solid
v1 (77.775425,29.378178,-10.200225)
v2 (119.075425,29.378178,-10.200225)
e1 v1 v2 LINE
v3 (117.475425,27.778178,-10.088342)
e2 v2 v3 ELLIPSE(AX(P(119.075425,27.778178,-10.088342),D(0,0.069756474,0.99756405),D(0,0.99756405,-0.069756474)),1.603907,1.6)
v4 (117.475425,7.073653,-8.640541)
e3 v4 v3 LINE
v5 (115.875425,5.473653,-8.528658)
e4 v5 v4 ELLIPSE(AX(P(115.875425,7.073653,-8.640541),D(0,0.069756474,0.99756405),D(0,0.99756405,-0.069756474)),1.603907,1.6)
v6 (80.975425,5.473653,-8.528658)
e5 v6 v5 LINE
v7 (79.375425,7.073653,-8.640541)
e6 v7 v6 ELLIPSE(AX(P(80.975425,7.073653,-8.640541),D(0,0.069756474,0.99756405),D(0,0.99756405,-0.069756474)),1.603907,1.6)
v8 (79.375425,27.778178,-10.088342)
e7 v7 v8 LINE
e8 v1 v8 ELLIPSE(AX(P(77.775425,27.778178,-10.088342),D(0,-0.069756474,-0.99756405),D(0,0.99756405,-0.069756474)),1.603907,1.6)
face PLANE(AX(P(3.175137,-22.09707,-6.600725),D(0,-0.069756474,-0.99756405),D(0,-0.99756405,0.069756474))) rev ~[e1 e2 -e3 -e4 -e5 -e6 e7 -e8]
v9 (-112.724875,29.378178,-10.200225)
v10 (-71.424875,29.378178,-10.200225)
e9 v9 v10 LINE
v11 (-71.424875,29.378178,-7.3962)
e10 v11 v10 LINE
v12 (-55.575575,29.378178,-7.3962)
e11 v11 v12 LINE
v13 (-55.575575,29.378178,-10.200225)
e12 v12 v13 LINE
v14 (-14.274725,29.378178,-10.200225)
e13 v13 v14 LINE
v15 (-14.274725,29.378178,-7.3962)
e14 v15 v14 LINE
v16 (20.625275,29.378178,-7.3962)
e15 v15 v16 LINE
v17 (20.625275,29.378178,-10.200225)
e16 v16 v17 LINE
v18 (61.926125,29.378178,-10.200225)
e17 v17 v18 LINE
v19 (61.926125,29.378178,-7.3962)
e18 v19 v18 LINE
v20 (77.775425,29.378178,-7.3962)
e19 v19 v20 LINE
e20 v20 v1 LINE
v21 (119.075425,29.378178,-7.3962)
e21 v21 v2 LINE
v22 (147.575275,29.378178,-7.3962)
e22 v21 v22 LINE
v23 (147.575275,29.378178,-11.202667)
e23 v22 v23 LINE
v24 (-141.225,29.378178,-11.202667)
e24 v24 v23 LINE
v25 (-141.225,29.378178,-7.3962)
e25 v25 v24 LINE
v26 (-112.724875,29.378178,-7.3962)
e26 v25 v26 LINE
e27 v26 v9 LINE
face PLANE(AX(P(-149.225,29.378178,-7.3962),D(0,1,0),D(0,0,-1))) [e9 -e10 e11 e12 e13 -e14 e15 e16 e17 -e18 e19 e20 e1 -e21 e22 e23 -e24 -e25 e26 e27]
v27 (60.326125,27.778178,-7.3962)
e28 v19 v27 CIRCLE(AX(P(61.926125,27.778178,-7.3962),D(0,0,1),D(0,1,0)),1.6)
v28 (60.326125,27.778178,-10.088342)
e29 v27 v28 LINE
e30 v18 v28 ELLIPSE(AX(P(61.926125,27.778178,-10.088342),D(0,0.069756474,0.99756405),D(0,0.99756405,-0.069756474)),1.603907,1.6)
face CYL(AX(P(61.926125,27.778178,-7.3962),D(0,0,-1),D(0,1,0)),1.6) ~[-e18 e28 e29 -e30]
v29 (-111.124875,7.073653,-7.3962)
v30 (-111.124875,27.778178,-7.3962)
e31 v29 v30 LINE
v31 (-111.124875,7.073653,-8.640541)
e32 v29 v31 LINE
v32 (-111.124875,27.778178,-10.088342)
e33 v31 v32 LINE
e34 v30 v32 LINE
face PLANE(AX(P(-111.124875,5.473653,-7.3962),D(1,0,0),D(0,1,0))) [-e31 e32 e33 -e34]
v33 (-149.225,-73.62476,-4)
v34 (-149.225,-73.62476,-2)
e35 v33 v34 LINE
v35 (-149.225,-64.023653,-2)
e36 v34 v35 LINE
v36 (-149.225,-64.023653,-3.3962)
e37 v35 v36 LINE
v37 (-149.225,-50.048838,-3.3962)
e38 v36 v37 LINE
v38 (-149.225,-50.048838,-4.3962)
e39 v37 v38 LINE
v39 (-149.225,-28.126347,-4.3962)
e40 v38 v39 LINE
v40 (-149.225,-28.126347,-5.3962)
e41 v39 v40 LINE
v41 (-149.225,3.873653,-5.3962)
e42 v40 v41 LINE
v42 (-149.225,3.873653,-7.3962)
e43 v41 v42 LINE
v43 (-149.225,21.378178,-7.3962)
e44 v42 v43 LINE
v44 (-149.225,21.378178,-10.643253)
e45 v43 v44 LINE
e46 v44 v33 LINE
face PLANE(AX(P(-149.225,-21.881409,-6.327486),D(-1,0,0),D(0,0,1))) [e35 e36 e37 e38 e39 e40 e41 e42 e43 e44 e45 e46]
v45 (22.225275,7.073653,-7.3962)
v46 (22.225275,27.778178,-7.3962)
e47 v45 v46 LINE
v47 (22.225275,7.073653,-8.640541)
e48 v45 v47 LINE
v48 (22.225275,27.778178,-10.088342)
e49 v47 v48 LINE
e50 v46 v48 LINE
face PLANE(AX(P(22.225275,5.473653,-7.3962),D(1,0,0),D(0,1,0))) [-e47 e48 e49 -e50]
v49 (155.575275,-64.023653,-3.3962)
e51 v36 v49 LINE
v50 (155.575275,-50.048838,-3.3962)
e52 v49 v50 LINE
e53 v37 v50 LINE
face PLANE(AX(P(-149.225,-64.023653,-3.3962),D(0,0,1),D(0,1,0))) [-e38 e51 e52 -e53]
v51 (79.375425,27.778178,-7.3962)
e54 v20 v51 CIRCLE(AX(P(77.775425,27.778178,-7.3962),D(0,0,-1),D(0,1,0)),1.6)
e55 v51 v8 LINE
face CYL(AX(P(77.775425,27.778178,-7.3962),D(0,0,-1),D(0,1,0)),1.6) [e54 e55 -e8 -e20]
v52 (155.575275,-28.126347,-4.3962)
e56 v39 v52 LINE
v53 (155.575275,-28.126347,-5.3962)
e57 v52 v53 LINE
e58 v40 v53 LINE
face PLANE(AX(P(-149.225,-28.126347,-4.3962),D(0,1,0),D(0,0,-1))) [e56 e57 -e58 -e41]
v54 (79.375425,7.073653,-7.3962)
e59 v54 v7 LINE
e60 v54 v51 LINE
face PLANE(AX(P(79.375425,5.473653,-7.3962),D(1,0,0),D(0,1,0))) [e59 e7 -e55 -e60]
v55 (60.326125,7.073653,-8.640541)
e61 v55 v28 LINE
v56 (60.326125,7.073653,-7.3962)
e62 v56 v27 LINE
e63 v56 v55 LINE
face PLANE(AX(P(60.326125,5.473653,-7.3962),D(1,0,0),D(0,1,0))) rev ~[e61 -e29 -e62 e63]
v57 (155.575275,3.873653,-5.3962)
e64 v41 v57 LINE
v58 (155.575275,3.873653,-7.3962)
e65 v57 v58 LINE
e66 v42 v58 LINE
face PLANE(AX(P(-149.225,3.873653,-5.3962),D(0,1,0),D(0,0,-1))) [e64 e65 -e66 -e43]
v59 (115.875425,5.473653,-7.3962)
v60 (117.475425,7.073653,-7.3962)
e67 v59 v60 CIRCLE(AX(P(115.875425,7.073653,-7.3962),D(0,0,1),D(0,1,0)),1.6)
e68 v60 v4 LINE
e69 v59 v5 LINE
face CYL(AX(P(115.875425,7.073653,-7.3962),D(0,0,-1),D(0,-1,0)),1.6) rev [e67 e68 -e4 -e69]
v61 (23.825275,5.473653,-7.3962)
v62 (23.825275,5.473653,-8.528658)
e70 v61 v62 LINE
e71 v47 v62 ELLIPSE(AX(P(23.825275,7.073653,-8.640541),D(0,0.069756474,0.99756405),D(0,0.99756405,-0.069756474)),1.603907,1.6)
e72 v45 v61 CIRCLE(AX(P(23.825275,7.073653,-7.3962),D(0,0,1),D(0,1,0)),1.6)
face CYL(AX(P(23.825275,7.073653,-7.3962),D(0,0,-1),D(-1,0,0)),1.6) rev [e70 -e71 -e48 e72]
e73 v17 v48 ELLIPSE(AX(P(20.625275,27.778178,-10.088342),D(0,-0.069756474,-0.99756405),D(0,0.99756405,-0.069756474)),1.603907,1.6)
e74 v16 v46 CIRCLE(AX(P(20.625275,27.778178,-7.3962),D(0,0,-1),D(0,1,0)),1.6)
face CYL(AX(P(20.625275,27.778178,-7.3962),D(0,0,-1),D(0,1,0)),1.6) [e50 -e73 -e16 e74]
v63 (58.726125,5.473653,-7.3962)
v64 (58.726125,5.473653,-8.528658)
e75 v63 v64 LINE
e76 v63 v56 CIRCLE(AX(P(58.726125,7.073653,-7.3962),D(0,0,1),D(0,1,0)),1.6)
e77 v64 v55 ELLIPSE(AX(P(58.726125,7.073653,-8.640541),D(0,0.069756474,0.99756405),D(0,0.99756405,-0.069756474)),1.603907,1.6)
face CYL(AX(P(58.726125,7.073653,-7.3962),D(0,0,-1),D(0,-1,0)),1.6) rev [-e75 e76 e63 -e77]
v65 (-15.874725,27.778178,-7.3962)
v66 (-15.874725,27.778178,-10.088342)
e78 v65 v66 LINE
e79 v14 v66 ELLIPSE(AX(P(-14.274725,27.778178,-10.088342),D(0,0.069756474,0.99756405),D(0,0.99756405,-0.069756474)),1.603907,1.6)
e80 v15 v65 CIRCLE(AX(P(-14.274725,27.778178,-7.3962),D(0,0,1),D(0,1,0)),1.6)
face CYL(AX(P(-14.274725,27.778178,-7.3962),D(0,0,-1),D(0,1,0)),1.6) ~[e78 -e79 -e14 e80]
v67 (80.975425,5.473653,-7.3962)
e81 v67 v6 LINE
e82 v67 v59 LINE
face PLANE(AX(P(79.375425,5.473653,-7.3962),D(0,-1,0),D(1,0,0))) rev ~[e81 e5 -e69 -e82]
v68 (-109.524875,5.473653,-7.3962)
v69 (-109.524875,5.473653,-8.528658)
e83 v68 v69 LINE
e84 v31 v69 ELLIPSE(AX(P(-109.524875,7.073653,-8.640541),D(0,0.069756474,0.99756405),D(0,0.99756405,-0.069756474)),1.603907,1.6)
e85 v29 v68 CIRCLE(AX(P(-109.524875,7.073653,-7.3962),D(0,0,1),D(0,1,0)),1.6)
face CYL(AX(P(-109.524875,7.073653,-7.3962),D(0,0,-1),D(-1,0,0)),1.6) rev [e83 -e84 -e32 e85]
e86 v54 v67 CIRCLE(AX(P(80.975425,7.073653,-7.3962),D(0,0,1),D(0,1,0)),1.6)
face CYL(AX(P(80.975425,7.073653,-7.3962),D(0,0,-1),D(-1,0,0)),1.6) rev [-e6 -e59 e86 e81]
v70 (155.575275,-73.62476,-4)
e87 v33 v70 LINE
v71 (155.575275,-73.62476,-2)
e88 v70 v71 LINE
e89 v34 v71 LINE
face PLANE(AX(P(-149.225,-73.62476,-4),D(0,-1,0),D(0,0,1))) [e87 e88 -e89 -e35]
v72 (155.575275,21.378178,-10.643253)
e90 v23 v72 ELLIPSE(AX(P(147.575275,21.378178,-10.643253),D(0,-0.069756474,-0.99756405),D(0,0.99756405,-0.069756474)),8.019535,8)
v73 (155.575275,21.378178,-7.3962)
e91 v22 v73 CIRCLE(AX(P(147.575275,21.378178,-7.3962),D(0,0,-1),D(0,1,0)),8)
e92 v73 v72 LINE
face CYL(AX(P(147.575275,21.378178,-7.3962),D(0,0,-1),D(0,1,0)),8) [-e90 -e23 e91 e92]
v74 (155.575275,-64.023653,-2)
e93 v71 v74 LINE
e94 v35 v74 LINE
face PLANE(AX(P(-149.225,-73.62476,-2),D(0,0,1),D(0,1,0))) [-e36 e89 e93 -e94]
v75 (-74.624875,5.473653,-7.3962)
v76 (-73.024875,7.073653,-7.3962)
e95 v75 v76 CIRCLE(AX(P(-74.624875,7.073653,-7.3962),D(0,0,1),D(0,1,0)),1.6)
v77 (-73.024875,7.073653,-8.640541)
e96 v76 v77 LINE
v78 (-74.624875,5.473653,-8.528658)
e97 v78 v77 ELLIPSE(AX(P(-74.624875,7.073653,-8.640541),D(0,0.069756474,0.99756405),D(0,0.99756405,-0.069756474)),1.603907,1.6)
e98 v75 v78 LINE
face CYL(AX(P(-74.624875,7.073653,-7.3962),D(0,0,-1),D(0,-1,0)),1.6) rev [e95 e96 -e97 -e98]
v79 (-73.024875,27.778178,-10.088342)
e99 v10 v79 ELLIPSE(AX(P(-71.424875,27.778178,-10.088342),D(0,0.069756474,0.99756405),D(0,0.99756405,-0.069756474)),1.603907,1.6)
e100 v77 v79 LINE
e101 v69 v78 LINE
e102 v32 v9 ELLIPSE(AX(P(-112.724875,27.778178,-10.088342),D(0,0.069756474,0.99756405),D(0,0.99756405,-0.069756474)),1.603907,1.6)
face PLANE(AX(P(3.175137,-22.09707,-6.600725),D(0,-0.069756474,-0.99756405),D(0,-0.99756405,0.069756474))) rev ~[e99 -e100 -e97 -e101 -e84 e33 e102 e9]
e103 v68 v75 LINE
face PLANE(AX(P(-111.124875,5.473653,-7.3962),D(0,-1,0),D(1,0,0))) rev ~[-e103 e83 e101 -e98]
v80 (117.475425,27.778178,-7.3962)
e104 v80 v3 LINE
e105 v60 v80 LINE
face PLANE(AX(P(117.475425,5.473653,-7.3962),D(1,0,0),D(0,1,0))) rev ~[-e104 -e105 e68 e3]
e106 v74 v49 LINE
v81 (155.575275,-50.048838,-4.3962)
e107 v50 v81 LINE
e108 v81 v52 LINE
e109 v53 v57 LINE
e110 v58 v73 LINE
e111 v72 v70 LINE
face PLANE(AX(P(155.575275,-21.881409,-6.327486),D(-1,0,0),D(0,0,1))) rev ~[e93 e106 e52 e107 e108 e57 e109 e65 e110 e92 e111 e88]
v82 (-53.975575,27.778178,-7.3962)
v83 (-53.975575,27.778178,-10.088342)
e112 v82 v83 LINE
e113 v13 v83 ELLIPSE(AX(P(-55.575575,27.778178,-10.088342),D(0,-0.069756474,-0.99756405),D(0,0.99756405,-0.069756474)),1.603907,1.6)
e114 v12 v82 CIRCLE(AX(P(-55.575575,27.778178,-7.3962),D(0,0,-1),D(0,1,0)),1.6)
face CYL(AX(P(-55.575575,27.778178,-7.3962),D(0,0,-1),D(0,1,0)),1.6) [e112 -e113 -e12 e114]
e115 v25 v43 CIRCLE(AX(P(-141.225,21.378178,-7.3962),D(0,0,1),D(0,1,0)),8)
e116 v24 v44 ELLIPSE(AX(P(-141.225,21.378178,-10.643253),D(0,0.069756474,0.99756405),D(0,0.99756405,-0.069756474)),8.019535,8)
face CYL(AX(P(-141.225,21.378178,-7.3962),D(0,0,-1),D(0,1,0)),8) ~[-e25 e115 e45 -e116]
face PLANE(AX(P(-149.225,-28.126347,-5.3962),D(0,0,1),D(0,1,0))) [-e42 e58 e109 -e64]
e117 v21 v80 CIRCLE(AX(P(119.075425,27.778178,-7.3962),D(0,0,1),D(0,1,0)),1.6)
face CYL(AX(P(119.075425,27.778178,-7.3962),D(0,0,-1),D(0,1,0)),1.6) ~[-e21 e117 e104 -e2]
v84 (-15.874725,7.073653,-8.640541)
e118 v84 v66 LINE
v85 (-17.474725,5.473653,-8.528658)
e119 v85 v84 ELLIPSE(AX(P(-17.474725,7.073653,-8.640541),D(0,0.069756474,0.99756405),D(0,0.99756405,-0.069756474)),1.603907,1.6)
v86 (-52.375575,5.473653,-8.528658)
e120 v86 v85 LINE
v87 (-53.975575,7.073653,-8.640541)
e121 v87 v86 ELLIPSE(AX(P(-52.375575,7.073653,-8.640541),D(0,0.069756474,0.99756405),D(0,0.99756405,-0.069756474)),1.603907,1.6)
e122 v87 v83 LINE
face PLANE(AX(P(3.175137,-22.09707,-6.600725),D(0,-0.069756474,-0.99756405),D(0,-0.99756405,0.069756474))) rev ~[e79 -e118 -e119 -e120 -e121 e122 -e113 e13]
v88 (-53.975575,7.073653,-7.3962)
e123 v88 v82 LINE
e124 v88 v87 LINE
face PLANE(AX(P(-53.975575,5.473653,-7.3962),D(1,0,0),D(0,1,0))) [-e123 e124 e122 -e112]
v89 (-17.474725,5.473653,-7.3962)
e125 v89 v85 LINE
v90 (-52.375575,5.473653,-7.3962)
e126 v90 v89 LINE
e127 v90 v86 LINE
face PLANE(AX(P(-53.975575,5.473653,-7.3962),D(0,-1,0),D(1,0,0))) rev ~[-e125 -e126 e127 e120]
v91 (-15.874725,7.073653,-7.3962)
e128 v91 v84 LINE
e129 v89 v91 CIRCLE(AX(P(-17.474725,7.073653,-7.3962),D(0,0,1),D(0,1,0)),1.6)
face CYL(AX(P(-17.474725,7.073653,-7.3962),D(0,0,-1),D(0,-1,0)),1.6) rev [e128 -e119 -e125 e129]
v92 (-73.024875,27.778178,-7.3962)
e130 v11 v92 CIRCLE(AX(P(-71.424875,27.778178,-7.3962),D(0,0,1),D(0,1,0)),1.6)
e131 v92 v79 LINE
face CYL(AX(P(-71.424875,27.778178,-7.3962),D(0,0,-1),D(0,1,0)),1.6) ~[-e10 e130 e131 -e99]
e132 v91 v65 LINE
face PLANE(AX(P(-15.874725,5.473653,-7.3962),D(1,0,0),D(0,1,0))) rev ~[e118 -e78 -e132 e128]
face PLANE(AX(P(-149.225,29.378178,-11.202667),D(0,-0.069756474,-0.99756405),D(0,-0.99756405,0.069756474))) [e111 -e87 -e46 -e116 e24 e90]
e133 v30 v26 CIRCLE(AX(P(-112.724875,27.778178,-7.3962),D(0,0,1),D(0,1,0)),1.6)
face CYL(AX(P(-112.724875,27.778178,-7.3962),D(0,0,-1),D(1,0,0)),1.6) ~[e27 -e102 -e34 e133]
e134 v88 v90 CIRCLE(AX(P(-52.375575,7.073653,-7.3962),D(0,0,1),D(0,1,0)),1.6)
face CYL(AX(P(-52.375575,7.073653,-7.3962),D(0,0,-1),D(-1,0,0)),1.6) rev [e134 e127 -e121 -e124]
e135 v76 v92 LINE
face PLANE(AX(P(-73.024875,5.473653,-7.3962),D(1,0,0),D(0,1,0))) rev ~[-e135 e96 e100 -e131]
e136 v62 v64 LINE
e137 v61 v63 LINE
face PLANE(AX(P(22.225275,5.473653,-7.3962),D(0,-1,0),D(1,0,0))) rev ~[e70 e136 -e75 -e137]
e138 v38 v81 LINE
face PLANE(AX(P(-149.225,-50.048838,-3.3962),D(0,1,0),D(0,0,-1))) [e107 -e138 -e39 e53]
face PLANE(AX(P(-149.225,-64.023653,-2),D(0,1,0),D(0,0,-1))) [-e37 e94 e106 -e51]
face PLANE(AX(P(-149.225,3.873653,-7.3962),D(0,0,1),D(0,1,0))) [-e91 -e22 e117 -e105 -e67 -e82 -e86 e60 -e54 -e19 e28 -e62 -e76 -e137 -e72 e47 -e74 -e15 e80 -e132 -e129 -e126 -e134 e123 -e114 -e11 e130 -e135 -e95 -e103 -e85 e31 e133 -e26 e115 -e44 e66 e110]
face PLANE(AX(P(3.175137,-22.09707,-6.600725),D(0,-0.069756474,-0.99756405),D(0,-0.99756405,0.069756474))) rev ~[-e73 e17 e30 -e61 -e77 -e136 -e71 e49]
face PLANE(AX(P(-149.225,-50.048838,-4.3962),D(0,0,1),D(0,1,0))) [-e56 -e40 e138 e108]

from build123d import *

# Parameters (mm, degrees)
BOSS_EXTRUDE1_DEPTH              = 304.800275
FILLET1_R                        = 8
CUT_EXTRUDE1_REACH               = 6.806
CUT_EXTRUDE1_OFFSET_FROM_SURFACE = 1
SKETCH2_W                        = 38.10085
SKETCH2_H                        = 23.904524524
SKETCH2_W_2                      = 38.1
FILLET2_R                        = 1.6
FILLET3_R                        = 1.6


with BuildPart() as part:
    # Sketch1 → Boss-Extrude1 (new body)
    with BuildSketch(Plane.ZY.offset(149.225)):
        Polygon((-2, -64.023653), (-3.3962, -64.023653), (-3.3962, -50.048837521), (-4.3962, -50.048837521), (-4.3962, -28.126347), (-5.3962, -28.126347), (-5.3962, 3.873653), (-7.3962, 3.873653), (-7.3962, 29.378177524), (-11.202667042, 29.378177524), (-4, -73.62476), (-2, -73.62476), align=None)
    extrude(amount=-BOSS_EXTRUDE1_DEPTH)

    # Fillet1
    fillet1_edges = [part.edges().sort_by_distance(p)[0] for p in [
        (-149.225, 29.378177524, -9.299433521),
        (155.575275, 29.378177524, -9.299433521),
    ]]
    fillet(fillet1_edges, radius=FILLET1_R)

    # Cut-Extrude1: up to this face of the body (flat: up to its plane, moved by the offset)
    cut_extrude1_end = Plane(part.part.faces().sort_by_distance((3.1751375, -22.166826572, -7.598289234))[0]).offset(-CUT_EXTRUDE1_OFFSET_FROM_SURFACE)
    # Sketch2 → Cut-Extrude1 (cut, up to the picked face)
    with BuildSketch(Plane.XY.offset(-7.3962), mode=Mode.PRIVATE) as cut_extrude1_sk1:
        with Locations((41.2757, 17.425915262)):
            Rectangle(SKETCH2_W, SKETCH2_H)
    cut_extrude1_tool1 = split(extrude(cut_extrude1_sk1.sketch, amount=-CUT_EXTRUDE1_REACH, mode=Mode.PRIVATE), bisect_by=cut_extrude1_end, keep=Keep.BOTH, mode=Mode.PRIVATE)
    add(cut_extrude1_tool1.solids().sort_by_distance((41.2757, 17.425915, -7.3962))[0], mode=Mode.SUBTRACT)
    # Sketch2 → Cut-Extrude1 (cut, up to the picked face)
    with BuildSketch(Plane.XY.offset(-7.3962), mode=Mode.PRIVATE) as cut_extrude1_sk2:
        with Locations((-92.074875, 17.425915262)):
            Rectangle(SKETCH2_W_2, SKETCH2_H)
    cut_extrude1_tool2 = split(extrude(cut_extrude1_sk2.sketch, amount=-CUT_EXTRUDE1_REACH, mode=Mode.PRIVATE), bisect_by=cut_extrude1_end, keep=Keep.BOTH, mode=Mode.PRIVATE)
    add(cut_extrude1_tool2.solids().sort_by_distance((-92.074875, 17.425915, -7.3962))[0], mode=Mode.SUBTRACT)
    # Sketch2 → Cut-Extrude1 (cut, up to the picked face)
    with BuildSketch(Plane.XY.offset(-7.3962), mode=Mode.PRIVATE) as cut_extrude1_sk3:
        with Locations((-34.92515, 17.425915262)):
            Rectangle(SKETCH2_W, SKETCH2_H)
    cut_extrude1_tool3 = split(extrude(cut_extrude1_sk3.sketch, amount=-CUT_EXTRUDE1_REACH, mode=Mode.PRIVATE), bisect_by=cut_extrude1_end, keep=Keep.BOTH, mode=Mode.PRIVATE)
    add(cut_extrude1_tool3.solids().sort_by_distance((-34.92515, 17.425915, -7.3962))[0], mode=Mode.SUBTRACT)
    # Sketch2 → Cut-Extrude1 (cut, up to the picked face)
    with BuildSketch(Plane.XY.offset(-7.3962), mode=Mode.PRIVATE) as cut_extrude1_sk4:
        with Locations((98.425425, 17.425915262)):
            Rectangle(SKETCH2_W_2, SKETCH2_H)
    cut_extrude1_tool4 = split(extrude(cut_extrude1_sk4.sketch, amount=-CUT_EXTRUDE1_REACH, mode=Mode.PRIVATE), bisect_by=cut_extrude1_end, keep=Keep.BOTH, mode=Mode.PRIVATE)
    add(cut_extrude1_tool4.solids().sort_by_distance((98.425425, 17.425915, -7.3962))[0], mode=Mode.SUBTRACT)

    # Fillet2
    fillet2_edges = [part.edges().sort_by_distance(p)[0] for p in [
        (-73.024875, 5.473653, -7.962428976),
        (-111.124875, 5.473653, -7.962428976),
        (-15.874725, 5.473653, -7.962428976),
        (-53.975575, 5.473653, -7.962428976),
        (22.225275, 5.473653, -7.962428976),
        (60.326125, 5.473653, -7.962428976),
        (79.375425, 5.473653, -7.962428976),
        (117.475425, 5.473653, -7.962428976),
    ]]
    fillet(fillet2_edges, radius=FILLET2_R)

    # Fillet3
    fillet3_edges = [part.edges().sort_by_distance(p)[0] for p in [
        (-73.024875, 29.378177524, -8.798212572),
        (-111.124875, 29.378177524, -8.798212572),
        (-15.874725, 29.378177524, -8.798212572),
        (-53.975575, 29.378177524, -8.798212572),
        (60.326125, 29.378177524, -8.798212572),
        (22.225275, 29.378177524, -8.798212572),
        (117.475425, 29.378177524, -8.798212572),
        (79.375425, 29.378177524, -8.798212572),
    ]]
    fillet(fillet3_edges, radius=FILLET3_R)


solid = part.part
